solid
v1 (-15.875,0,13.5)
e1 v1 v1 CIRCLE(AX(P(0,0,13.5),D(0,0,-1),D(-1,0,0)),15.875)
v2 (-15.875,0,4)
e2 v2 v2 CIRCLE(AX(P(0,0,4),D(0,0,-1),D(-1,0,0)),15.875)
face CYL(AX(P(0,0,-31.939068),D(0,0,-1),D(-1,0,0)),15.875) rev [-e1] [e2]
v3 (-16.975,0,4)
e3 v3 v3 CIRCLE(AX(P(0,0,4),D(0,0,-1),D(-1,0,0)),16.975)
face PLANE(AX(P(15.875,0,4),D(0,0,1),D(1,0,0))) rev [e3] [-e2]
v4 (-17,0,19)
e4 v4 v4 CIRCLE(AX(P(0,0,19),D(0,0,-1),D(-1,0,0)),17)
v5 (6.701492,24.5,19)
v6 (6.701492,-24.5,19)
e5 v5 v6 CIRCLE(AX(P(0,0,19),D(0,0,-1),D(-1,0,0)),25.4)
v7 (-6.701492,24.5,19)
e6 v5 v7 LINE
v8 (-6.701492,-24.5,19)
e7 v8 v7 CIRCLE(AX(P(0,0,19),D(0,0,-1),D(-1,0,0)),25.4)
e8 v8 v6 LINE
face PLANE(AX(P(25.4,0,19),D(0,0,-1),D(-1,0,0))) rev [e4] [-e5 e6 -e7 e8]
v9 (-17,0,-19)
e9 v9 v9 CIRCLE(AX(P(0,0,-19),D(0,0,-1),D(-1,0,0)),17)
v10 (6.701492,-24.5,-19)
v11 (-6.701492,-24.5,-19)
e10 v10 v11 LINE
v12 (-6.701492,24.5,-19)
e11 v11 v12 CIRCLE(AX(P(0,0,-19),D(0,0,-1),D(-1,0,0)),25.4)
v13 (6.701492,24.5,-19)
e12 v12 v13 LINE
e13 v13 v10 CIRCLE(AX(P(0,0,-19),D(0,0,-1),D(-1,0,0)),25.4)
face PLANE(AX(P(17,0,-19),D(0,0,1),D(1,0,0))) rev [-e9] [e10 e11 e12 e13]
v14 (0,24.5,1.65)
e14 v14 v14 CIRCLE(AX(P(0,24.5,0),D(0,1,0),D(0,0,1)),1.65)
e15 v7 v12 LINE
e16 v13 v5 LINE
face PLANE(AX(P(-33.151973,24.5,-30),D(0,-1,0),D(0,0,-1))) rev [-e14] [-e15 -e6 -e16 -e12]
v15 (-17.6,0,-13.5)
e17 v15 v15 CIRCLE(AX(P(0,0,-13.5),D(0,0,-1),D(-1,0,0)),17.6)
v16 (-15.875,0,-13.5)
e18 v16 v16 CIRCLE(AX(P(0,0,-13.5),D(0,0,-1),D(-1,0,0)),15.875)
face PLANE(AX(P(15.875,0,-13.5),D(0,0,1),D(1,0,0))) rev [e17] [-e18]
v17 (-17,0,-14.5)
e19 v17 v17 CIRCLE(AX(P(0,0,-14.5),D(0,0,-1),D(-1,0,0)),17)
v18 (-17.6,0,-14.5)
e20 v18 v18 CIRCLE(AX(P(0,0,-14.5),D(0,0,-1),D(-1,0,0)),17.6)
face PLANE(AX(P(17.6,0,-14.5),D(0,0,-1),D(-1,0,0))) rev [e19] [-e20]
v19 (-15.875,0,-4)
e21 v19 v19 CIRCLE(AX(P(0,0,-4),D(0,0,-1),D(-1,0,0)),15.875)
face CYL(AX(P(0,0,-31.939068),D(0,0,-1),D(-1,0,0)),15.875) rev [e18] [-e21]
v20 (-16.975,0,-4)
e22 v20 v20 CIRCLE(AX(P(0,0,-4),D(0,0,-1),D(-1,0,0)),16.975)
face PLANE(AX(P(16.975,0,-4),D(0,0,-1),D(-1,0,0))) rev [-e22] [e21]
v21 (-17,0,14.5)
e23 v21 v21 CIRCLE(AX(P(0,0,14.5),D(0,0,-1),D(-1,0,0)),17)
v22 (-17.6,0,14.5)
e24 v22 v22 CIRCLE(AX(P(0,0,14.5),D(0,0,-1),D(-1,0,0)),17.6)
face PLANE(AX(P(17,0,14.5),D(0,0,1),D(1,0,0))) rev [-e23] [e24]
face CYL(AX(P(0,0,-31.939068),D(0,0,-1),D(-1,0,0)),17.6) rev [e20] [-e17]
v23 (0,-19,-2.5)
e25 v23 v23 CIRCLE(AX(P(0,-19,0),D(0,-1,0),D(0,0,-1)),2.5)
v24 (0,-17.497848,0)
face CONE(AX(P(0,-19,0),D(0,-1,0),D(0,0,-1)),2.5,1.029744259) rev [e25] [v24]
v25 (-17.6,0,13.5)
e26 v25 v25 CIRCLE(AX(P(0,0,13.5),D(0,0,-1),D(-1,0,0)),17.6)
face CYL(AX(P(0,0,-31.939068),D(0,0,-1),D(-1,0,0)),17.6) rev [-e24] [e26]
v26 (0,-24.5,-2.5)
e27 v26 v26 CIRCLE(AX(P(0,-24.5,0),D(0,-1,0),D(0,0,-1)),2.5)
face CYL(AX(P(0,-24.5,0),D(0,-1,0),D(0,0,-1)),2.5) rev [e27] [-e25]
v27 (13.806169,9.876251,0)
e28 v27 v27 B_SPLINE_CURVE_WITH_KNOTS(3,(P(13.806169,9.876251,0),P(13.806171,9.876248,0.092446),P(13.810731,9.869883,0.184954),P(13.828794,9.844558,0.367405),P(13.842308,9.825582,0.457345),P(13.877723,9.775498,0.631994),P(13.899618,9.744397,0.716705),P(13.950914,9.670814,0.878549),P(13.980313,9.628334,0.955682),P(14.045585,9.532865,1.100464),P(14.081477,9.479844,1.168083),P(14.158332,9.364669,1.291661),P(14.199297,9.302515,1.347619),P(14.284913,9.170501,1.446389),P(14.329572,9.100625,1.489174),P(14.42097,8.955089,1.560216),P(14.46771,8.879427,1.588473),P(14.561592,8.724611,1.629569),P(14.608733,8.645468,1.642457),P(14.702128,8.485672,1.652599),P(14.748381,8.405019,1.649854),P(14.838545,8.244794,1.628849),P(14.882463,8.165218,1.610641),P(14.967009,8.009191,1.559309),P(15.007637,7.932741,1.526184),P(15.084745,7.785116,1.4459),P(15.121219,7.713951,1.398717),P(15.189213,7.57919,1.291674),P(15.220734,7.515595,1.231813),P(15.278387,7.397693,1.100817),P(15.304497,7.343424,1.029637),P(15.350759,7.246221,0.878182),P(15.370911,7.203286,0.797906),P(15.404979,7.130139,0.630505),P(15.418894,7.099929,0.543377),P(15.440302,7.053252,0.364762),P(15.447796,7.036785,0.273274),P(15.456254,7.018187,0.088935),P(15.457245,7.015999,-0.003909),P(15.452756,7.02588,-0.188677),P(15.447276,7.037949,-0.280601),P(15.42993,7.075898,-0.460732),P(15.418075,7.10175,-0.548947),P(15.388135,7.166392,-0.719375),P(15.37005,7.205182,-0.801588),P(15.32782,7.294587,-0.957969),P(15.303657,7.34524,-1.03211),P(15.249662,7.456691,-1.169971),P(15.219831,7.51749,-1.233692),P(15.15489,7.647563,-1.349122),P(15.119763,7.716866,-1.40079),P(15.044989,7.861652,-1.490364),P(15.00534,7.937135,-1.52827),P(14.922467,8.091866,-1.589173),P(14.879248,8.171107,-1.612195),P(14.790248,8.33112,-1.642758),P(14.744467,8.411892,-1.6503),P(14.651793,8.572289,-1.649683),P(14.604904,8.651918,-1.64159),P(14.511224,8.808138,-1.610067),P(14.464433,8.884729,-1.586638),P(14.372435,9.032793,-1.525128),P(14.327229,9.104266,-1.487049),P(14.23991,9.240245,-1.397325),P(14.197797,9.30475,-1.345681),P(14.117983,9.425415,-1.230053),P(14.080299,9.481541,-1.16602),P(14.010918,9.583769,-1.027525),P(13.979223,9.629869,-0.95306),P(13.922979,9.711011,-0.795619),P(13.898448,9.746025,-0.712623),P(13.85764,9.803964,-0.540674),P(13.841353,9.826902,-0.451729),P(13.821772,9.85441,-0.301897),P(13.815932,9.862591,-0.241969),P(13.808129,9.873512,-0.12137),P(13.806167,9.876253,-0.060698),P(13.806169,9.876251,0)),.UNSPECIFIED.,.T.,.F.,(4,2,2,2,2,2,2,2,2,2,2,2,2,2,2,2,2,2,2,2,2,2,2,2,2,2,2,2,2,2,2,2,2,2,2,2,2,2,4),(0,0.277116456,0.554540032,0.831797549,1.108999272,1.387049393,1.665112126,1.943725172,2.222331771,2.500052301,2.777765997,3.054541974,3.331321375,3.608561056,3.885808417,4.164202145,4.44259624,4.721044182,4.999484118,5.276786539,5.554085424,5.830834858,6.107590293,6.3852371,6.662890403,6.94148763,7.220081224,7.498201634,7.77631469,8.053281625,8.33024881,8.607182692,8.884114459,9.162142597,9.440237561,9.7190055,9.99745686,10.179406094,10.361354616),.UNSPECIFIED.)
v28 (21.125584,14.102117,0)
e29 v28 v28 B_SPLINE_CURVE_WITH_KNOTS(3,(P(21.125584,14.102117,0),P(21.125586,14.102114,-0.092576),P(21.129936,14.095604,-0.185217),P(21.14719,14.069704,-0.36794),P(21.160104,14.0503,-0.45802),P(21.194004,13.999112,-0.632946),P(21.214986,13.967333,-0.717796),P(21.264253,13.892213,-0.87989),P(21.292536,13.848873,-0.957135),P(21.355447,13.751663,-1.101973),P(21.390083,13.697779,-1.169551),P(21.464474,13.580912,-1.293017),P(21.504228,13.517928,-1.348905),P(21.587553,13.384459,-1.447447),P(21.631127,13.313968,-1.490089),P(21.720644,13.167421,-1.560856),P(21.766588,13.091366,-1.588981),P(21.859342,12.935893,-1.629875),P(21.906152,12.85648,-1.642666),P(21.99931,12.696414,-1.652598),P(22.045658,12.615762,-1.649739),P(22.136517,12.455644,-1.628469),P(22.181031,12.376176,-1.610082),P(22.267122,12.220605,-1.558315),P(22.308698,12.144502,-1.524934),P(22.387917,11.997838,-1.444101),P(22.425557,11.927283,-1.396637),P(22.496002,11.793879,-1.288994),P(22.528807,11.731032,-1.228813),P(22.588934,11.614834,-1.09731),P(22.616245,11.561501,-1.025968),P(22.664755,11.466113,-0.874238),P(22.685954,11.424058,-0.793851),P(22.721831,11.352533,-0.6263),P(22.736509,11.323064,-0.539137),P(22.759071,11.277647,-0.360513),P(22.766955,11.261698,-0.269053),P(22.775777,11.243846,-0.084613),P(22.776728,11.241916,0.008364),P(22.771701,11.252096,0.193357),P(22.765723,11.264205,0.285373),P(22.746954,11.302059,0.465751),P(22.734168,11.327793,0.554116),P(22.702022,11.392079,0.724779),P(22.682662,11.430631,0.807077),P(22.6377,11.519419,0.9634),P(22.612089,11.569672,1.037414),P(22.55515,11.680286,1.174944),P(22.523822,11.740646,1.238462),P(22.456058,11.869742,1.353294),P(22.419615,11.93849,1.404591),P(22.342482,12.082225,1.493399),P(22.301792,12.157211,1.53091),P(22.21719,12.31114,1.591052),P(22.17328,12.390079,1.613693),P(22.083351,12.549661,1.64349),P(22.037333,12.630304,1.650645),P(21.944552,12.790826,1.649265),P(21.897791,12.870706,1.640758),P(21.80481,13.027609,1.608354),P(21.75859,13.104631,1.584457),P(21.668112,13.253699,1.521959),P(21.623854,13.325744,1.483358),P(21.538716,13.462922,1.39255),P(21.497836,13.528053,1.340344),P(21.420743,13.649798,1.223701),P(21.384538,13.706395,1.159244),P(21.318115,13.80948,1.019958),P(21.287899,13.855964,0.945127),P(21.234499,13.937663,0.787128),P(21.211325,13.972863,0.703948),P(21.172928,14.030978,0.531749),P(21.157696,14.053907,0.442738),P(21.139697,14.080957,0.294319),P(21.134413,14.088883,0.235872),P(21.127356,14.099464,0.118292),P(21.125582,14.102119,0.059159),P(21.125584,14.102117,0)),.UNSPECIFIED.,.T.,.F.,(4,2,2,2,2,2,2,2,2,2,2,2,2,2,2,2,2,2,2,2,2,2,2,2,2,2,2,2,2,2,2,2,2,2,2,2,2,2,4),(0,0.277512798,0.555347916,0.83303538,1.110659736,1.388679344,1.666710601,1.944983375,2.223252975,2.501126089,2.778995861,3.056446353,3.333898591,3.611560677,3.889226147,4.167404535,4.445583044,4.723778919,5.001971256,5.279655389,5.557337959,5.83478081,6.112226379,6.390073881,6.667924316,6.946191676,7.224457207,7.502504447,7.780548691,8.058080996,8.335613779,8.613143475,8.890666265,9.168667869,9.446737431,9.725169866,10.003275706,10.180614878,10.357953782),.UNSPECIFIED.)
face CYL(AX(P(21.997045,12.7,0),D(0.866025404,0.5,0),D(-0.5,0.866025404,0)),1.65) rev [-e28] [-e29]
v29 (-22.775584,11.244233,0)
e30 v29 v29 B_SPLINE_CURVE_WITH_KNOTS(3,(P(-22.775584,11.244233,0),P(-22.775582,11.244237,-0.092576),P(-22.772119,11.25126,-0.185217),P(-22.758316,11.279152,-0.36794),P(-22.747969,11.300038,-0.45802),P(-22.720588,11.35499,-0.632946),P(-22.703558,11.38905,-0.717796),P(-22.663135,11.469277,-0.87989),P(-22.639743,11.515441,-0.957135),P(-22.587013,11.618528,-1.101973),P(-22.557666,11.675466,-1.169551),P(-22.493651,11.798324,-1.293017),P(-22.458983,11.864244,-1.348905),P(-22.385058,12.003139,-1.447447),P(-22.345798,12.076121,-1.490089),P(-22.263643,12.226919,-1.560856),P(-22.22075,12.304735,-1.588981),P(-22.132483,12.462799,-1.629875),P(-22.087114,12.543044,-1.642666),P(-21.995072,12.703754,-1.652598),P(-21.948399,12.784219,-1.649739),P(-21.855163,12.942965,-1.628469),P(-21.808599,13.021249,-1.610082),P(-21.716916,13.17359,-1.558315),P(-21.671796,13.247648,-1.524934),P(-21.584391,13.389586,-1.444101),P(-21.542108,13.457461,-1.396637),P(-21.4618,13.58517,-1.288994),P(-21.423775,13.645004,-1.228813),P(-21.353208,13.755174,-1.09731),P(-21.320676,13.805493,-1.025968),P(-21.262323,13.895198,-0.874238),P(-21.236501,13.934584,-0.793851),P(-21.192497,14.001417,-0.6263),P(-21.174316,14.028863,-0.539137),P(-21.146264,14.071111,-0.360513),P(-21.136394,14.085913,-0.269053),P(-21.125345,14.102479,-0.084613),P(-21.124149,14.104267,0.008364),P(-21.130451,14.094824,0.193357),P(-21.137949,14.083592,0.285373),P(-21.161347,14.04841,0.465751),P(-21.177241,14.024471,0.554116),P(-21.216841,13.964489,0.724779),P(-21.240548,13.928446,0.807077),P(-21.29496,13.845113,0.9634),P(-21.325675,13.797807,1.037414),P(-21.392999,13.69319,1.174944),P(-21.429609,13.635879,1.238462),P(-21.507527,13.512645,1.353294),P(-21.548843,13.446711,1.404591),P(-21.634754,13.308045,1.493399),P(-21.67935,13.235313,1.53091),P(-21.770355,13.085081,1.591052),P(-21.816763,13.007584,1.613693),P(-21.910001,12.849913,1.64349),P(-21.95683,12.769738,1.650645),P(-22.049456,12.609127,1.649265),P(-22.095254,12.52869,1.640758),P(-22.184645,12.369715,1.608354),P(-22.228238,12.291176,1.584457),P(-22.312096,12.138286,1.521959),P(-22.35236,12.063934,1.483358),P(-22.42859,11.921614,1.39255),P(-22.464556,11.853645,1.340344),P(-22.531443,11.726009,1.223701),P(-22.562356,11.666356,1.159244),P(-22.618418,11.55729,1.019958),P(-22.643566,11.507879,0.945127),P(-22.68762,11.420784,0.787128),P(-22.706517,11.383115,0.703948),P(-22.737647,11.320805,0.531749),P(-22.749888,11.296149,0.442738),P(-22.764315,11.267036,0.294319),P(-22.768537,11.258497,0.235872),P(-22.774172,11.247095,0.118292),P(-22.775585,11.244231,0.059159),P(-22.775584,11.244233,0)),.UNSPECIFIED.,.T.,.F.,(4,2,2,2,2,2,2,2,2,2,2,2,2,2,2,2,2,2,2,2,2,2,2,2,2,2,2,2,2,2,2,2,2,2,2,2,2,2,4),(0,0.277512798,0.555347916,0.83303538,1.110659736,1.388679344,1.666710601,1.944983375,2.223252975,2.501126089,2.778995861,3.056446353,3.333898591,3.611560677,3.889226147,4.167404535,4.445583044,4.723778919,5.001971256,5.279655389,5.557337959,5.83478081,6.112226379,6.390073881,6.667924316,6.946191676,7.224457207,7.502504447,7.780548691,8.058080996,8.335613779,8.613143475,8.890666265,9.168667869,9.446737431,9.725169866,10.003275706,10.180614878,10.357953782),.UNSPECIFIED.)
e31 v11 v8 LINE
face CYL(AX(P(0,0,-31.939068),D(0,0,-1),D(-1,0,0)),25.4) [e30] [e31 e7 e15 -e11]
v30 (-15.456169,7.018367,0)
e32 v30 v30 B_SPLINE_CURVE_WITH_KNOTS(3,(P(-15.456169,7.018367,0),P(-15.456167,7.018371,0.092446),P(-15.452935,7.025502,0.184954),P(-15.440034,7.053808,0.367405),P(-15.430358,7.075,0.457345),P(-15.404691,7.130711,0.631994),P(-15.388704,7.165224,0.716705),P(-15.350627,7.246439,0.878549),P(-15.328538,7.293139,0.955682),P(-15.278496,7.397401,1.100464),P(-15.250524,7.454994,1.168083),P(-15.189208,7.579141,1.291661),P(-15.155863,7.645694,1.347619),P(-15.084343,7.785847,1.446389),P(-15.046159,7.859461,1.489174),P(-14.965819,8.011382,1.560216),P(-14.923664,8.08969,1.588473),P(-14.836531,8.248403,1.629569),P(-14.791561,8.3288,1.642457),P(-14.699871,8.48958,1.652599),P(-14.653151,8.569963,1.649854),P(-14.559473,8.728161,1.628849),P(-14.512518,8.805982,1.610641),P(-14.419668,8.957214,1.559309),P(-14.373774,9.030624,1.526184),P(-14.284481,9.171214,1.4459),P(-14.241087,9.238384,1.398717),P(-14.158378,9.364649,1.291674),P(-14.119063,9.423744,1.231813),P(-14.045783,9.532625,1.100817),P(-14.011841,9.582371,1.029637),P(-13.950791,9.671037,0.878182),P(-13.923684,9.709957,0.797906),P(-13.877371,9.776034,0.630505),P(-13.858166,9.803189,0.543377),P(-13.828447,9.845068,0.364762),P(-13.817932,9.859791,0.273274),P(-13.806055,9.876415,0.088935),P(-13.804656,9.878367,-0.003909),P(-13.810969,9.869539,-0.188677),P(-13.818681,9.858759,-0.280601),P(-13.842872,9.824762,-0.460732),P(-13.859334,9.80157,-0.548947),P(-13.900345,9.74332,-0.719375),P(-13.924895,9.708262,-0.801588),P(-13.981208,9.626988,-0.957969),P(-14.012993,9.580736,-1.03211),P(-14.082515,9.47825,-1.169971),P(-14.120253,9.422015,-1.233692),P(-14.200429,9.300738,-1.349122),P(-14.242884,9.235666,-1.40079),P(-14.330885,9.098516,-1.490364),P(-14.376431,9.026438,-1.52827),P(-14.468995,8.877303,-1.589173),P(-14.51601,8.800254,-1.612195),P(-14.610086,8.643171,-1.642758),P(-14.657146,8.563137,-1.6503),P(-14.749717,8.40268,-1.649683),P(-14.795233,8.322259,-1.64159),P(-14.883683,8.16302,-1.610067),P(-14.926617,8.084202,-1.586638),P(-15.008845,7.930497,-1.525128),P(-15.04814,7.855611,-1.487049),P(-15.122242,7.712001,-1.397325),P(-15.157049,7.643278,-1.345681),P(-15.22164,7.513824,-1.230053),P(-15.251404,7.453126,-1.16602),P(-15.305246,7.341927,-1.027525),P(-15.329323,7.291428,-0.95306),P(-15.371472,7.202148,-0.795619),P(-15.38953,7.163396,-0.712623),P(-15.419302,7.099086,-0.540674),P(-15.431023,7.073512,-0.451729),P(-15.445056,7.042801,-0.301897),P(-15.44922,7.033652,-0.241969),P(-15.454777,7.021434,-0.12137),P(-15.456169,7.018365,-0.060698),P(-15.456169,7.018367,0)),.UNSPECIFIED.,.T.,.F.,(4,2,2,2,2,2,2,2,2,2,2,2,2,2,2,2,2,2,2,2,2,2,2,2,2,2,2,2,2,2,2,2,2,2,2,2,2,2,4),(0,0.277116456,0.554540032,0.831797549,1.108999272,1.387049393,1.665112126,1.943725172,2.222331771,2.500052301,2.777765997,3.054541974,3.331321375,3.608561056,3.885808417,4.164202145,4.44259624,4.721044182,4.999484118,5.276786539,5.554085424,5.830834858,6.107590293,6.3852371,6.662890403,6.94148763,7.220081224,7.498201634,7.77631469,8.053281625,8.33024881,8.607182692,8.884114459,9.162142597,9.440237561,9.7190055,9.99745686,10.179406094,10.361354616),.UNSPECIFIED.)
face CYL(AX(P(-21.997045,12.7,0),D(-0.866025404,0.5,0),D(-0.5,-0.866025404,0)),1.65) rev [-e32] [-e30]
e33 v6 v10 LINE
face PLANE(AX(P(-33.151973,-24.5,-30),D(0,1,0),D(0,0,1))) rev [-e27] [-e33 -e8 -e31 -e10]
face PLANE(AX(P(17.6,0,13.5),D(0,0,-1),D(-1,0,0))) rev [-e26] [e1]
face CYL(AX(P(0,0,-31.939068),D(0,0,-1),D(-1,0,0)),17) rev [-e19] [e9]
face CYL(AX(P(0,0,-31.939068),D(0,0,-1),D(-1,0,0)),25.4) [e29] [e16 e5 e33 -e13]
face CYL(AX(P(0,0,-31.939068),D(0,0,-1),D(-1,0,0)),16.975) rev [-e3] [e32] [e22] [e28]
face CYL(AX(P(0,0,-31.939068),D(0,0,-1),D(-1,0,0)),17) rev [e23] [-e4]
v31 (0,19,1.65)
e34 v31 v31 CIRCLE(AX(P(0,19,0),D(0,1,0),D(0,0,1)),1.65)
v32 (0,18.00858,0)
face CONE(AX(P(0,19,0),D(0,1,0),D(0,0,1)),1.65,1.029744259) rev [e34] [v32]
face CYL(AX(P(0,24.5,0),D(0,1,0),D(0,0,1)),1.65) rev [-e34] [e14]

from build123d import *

# Parameters (mm, degrees)
SKETCH_2_W                       = 64.02174429
SKETCH_2_H                       = 9.248919907
CUT_EXTRUDE_1_DEPTH              = 49
HOLE_WIZARD_M4_2_D               = 3.3
HOLE_WIZARD_M4_2_DEPTH           = 5.5
HOLE_WIZARD_M4_2_TIP             = 0.991420021
HOLE_WIZARD_M6_2_D               = 5
HOLE_WIZARD_M6_2_DEPTH           = 5.5
HOLE_WIZARD_M6_2_TIP             = 1.502151548
HOLE_WIZARD_M4_3_D               = 3.3
HOLE_WIZARD_M4_3_DEPTH           = 10.1
HOLE_WIZARD_M4_3_TIP             = 0.991420021
HOLE_WIZARD_M4_3_ON_FACE_2_D     = 3.3
HOLE_WIZARD_M4_3_ON_FACE_2_DEPTH = 10.1
HOLE_WIZARD_M4_3_ON_FACE_2_TIP   = 0.991420021


with BuildPart() as part:
    # 草图1 → 旋转1 (revolve)
    with BuildSketch(Plane(origin=(0, 0, 0), x_dir=(1, 0, 0), z_dir=(0, 1, 0)), mode=Mode.PRIVATE) as revolve_1_sk:
        Polygon((25.4, 19), (25.4, -19), (17, -19), (17, -14.5), (17.6, -14.5), (17.6, -13.5), (15.875, -13.5), (15.875, -4), (16.975, -4), (16.975, 4), (15.875, 4), (15.875, 13.5), (17.6, 13.5), (17.6, 14.5), (17, 14.5), (17, 19), align=None)
    revolve(revolve_1_sk.sketch.rotate(Axis((0, 0, -31.9390681), (0, 0, 1)), 180), axis=Axis((0, 0, -31.9390681), (0, 0, 1)))  # turned: the seam where the file's is

    # 草图2 → 切除-拉伸1 (cut)
    with BuildSketch(Plane.XY.offset(19)):
        with Locations((-1.141100508, 29.124459954)):
            Rectangle(SKETCH_2_W, SKETCH_2_H)
        with Locations((-1.141100508, -29.124459954)):
            Rectangle(SKETCH_2_W, SKETCH_2_H)
    extrude(amount=-CUT_EXTRUDE_1_DEPTH, mode=Mode.SUBTRACT)

    # M4 螺纹孔2
    with Locations(Plane(origin=(0, 24.5, 0), x_dir=(1, 0, 0), z_dir=(0, 1, 0))):
        with Locations((0, 0)):
            Hole(HOLE_WIZARD_M4_2_D / 2, depth=HOLE_WIZARD_M4_2_DEPTH)
            with Locations((0, 0, -(HOLE_WIZARD_M4_2_DEPTH + HOLE_WIZARD_M4_2_TIP / 2))):  # 118° drill point
                Cone(0, HOLE_WIZARD_M4_2_D / 2, HOLE_WIZARD_M4_2_TIP, mode=Mode.SUBTRACT)

    # M6 螺纹孔2
    with Locations(Plane(origin=(0, -24.5, 0), x_dir=(-1, 0, 0), z_dir=(0, -1, 0))):
        with Locations((0, 0)):
            Hole(HOLE_WIZARD_M6_2_D / 2, depth=HOLE_WIZARD_M6_2_DEPTH)
            with Locations((0, 0, -(HOLE_WIZARD_M6_2_DEPTH + HOLE_WIZARD_M6_2_TIP / 2))):  # 118° drill point
                Cone(0, HOLE_WIZARD_M6_2_D / 2, HOLE_WIZARD_M6_2_TIP, mode=Mode.SUBTRACT)

    # M4 螺纹孔3
    with Locations(Plane(origin=(21.997045256, 12.7, 0), x_dir=(-0.5, 0.866025404, 0), z_dir=(0.866025404, 0.5, 0))):
        with Locations((0, 0)):
            Hole(HOLE_WIZARD_M4_3_D / 2, depth=HOLE_WIZARD_M4_3_DEPTH)
            with Locations((0, 0, -(HOLE_WIZARD_M4_3_DEPTH + HOLE_WIZARD_M4_3_TIP / 2))):  # 118° drill point
                Cone(0, HOLE_WIZARD_M4_3_D / 2, HOLE_WIZARD_M4_3_TIP, mode=Mode.SUBTRACT)

    # M4 螺纹孔3 on face 2
    with Locations(Plane(origin=(-21.997045256, 12.7, 0), x_dir=(-0.500000175, -0.866025303, 0), z_dir=(-0.866025303, 0.500000175, 0))):
        with Locations((0, 0)):
            Hole(HOLE_WIZARD_M4_3_ON_FACE_2_D / 2, depth=HOLE_WIZARD_M4_3_ON_FACE_2_DEPTH)
            with Locations((0, 0, -(HOLE_WIZARD_M4_3_ON_FACE_2_DEPTH + HOLE_WIZARD_M4_3_ON_FACE_2_TIP / 2))):  # 118° drill point
                Cone(0, HOLE_WIZARD_M4_3_ON_FACE_2_D / 2, HOLE_WIZARD_M4_3_ON_FACE_2_TIP, mode=Mode.SUBTRACT)


solid = part.part
